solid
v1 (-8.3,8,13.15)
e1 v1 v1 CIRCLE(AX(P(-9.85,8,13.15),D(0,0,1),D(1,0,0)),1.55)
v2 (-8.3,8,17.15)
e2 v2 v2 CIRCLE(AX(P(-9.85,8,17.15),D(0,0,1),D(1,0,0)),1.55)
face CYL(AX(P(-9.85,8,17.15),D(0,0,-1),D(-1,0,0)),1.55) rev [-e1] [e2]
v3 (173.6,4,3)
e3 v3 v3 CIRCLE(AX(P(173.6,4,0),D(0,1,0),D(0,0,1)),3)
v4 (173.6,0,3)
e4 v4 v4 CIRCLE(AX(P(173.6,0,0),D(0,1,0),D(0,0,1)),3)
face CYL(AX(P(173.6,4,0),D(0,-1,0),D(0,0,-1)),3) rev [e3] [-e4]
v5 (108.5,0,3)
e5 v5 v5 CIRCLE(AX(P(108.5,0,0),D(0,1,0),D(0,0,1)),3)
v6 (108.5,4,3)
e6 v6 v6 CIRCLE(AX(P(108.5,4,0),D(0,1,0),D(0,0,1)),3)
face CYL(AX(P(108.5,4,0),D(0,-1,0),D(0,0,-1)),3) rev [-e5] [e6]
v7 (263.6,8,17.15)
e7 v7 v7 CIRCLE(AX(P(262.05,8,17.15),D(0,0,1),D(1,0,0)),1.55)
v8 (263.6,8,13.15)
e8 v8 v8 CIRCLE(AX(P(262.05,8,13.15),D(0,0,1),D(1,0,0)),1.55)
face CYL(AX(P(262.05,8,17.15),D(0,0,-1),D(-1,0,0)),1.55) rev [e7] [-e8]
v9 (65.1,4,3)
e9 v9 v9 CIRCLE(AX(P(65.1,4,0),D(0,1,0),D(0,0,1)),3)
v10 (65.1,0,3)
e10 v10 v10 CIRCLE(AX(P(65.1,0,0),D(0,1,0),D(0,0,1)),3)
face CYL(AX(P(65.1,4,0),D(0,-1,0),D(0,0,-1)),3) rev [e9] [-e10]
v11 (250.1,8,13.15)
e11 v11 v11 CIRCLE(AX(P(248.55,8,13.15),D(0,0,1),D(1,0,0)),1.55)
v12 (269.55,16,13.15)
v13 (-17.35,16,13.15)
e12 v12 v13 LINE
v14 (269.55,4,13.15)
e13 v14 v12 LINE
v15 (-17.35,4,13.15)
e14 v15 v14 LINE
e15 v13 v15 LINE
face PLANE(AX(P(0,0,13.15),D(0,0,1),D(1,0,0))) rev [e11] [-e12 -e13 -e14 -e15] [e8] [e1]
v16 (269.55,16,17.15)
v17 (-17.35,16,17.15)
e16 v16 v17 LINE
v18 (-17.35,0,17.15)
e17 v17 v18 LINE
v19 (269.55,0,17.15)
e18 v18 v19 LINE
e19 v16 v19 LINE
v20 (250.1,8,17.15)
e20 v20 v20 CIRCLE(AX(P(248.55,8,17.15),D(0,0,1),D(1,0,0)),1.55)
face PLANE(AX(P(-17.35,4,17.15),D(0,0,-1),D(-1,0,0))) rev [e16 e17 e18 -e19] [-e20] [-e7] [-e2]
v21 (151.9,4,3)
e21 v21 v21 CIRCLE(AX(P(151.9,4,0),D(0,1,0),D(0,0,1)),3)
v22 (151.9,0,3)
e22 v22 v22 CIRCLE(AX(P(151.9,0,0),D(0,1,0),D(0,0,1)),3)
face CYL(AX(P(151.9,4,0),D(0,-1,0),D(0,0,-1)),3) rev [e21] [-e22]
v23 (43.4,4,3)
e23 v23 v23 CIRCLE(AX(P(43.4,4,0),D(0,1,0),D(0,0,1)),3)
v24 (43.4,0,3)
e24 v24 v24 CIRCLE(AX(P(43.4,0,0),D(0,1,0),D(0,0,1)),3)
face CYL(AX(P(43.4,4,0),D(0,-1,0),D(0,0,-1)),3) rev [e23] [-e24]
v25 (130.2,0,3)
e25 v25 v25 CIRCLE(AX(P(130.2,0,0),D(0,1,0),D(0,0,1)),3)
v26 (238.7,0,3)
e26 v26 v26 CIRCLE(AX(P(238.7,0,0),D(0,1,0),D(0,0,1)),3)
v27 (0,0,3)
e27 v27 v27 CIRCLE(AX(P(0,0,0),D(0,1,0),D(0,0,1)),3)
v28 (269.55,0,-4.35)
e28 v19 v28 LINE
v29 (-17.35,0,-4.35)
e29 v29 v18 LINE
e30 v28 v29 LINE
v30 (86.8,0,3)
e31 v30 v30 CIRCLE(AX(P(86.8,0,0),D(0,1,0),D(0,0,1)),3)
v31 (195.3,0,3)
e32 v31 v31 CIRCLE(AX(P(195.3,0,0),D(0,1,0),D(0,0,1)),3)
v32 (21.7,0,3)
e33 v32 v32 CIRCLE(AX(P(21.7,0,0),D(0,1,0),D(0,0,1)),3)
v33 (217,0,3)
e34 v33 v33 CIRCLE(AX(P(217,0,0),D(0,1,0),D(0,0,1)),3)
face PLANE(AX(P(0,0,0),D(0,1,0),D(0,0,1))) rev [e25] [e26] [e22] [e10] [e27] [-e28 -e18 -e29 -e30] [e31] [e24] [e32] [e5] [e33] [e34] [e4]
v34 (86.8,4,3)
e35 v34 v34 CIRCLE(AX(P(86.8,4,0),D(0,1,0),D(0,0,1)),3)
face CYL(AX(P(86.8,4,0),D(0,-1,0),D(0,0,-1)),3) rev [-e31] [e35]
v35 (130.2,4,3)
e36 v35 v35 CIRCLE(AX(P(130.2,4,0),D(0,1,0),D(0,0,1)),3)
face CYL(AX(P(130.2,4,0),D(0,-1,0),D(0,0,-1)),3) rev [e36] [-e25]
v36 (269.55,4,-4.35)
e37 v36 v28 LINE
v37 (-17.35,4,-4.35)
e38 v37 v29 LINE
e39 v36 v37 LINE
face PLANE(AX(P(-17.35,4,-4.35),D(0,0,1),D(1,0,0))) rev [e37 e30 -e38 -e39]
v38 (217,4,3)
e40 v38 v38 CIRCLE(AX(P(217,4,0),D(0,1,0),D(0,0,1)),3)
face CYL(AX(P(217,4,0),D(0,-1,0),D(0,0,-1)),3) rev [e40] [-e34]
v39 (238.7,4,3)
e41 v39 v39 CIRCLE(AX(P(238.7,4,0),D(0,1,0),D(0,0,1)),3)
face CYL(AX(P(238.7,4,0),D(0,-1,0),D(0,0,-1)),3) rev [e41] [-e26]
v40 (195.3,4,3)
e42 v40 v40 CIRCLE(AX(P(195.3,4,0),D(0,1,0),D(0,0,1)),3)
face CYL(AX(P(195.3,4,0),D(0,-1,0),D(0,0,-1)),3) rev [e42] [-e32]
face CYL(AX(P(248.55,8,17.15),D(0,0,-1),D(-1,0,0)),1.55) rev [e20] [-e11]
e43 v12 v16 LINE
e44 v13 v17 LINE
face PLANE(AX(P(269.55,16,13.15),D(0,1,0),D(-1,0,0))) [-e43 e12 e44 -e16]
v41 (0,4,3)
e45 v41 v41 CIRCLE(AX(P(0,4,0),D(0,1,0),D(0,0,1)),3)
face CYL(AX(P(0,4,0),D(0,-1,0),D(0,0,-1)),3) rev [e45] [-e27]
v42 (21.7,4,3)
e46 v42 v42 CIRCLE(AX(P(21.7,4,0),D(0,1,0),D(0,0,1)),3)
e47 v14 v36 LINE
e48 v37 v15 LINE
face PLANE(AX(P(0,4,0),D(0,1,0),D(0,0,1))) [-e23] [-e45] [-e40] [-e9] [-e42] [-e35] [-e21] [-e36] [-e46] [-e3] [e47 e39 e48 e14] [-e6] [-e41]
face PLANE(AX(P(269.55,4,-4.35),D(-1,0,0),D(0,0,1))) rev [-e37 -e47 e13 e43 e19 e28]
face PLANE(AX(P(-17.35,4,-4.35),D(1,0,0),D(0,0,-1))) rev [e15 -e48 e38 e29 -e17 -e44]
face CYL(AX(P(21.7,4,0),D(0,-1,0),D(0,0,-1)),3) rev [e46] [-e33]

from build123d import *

# Parameters (mm, degrees)
SKETCH1_W           = 286.9
SKETCH1_H           = 21.5
SKETCH1_R           = 3
BOSS_EXTRUDE1_DEPTH = 4
SKETCH2_W           = 286.9
SKETCH2_H           = 12
BOSS_EXTRUDE2_DEPTH = 4
SKETCH6_R           = 1.55
CUT_EXTRUDE4_DEPTH  = 271.248330559


with BuildPart() as part:
    # Sketch1 → Boss-Extrude1 (new body)
    with BuildSketch(Plane(origin=(0, 0, 0), x_dir=(1, 0, 0), z_dir=(0, 1, 0))):
        with Locations((126.1, -6.4)):
            Rectangle(SKETCH1_W, SKETCH1_H)
        with Locations(Location((0, 0, 0), (0, 0, 270))):
            Circle(SKETCH1_R, mode=Mode.SUBTRACT)
        with Locations(Location((21.7, 0, 0), (0, 0, 270))):
            Circle(SKETCH1_R, mode=Mode.SUBTRACT)
        with Locations(Location((43.4, 0, 0), (0, 0, 270))):
            Circle(SKETCH1_R, mode=Mode.SUBTRACT)
        with Locations(Location((65.1, 0, 0), (0, 0, 270))):
            Circle(SKETCH1_R, mode=Mode.SUBTRACT)
        with Locations(Location((86.8, 0, 0), (0, 0, 270))):
            Circle(SKETCH1_R, mode=Mode.SUBTRACT)
        with Locations(Location((108.5, 0, 0), (0, 0, 270))):
            Circle(SKETCH1_R, mode=Mode.SUBTRACT)
        with Locations(Location((130.2, 0, 0), (0, 0, 270))):
            Circle(SKETCH1_R, mode=Mode.SUBTRACT)
        with Locations(Location((151.9, 0, 0), (0, 0, 270))):
            Circle(SKETCH1_R, mode=Mode.SUBTRACT)
        with Locations(Location((173.6, 0, 0), (0, 0, 270))):
            Circle(SKETCH1_R, mode=Mode.SUBTRACT)
        with Locations(Location((195.3, 0, 0), (0, 0, 270))):
            Circle(SKETCH1_R, mode=Mode.SUBTRACT)
        with Locations(Location((217, 0, 0), (0, 0, 270))):
            Circle(SKETCH1_R, mode=Mode.SUBTRACT)
        with Locations(Location((238.7, 0, 0), (0, 0, 270))):
            Circle(SKETCH1_R, mode=Mode.SUBTRACT)
    extrude(amount=BOSS_EXTRUDE1_DEPTH)

    # Sketch2 → Boss-Extrude2 (add)
    with BuildSketch(Plane.XY.offset(17.15)):
        with Locations((126.1, 10)):
            Rectangle(SKETCH2_W, SKETCH2_H)
    extrude(amount=-BOSS_EXTRUDE2_DEPTH)

    # Sketch6 → Cut-Extrude4 (cut, through all)
    with BuildSketch(Plane(origin=(0, 8.408785298, 13.15), x_dir=(-1, 0, 0), z_dir=(0, 0, 1))):
        with Locations(Location((-262.05, 0.408785298, 0), (0, 0, 180))):
            Circle(SKETCH6_R)
        with Locations(Location((-248.55, 0.408785298, 0), (0, 0, 180))):
            Circle(SKETCH6_R)
        with Locations(Location((9.85, 0.408785298, 0), (0, 0, 180))):
            Circle(SKETCH6_R)
    extrude(amount=CUT_EXTRUDE4_DEPTH, mode=Mode.SUBTRACT)


solid = part.part
